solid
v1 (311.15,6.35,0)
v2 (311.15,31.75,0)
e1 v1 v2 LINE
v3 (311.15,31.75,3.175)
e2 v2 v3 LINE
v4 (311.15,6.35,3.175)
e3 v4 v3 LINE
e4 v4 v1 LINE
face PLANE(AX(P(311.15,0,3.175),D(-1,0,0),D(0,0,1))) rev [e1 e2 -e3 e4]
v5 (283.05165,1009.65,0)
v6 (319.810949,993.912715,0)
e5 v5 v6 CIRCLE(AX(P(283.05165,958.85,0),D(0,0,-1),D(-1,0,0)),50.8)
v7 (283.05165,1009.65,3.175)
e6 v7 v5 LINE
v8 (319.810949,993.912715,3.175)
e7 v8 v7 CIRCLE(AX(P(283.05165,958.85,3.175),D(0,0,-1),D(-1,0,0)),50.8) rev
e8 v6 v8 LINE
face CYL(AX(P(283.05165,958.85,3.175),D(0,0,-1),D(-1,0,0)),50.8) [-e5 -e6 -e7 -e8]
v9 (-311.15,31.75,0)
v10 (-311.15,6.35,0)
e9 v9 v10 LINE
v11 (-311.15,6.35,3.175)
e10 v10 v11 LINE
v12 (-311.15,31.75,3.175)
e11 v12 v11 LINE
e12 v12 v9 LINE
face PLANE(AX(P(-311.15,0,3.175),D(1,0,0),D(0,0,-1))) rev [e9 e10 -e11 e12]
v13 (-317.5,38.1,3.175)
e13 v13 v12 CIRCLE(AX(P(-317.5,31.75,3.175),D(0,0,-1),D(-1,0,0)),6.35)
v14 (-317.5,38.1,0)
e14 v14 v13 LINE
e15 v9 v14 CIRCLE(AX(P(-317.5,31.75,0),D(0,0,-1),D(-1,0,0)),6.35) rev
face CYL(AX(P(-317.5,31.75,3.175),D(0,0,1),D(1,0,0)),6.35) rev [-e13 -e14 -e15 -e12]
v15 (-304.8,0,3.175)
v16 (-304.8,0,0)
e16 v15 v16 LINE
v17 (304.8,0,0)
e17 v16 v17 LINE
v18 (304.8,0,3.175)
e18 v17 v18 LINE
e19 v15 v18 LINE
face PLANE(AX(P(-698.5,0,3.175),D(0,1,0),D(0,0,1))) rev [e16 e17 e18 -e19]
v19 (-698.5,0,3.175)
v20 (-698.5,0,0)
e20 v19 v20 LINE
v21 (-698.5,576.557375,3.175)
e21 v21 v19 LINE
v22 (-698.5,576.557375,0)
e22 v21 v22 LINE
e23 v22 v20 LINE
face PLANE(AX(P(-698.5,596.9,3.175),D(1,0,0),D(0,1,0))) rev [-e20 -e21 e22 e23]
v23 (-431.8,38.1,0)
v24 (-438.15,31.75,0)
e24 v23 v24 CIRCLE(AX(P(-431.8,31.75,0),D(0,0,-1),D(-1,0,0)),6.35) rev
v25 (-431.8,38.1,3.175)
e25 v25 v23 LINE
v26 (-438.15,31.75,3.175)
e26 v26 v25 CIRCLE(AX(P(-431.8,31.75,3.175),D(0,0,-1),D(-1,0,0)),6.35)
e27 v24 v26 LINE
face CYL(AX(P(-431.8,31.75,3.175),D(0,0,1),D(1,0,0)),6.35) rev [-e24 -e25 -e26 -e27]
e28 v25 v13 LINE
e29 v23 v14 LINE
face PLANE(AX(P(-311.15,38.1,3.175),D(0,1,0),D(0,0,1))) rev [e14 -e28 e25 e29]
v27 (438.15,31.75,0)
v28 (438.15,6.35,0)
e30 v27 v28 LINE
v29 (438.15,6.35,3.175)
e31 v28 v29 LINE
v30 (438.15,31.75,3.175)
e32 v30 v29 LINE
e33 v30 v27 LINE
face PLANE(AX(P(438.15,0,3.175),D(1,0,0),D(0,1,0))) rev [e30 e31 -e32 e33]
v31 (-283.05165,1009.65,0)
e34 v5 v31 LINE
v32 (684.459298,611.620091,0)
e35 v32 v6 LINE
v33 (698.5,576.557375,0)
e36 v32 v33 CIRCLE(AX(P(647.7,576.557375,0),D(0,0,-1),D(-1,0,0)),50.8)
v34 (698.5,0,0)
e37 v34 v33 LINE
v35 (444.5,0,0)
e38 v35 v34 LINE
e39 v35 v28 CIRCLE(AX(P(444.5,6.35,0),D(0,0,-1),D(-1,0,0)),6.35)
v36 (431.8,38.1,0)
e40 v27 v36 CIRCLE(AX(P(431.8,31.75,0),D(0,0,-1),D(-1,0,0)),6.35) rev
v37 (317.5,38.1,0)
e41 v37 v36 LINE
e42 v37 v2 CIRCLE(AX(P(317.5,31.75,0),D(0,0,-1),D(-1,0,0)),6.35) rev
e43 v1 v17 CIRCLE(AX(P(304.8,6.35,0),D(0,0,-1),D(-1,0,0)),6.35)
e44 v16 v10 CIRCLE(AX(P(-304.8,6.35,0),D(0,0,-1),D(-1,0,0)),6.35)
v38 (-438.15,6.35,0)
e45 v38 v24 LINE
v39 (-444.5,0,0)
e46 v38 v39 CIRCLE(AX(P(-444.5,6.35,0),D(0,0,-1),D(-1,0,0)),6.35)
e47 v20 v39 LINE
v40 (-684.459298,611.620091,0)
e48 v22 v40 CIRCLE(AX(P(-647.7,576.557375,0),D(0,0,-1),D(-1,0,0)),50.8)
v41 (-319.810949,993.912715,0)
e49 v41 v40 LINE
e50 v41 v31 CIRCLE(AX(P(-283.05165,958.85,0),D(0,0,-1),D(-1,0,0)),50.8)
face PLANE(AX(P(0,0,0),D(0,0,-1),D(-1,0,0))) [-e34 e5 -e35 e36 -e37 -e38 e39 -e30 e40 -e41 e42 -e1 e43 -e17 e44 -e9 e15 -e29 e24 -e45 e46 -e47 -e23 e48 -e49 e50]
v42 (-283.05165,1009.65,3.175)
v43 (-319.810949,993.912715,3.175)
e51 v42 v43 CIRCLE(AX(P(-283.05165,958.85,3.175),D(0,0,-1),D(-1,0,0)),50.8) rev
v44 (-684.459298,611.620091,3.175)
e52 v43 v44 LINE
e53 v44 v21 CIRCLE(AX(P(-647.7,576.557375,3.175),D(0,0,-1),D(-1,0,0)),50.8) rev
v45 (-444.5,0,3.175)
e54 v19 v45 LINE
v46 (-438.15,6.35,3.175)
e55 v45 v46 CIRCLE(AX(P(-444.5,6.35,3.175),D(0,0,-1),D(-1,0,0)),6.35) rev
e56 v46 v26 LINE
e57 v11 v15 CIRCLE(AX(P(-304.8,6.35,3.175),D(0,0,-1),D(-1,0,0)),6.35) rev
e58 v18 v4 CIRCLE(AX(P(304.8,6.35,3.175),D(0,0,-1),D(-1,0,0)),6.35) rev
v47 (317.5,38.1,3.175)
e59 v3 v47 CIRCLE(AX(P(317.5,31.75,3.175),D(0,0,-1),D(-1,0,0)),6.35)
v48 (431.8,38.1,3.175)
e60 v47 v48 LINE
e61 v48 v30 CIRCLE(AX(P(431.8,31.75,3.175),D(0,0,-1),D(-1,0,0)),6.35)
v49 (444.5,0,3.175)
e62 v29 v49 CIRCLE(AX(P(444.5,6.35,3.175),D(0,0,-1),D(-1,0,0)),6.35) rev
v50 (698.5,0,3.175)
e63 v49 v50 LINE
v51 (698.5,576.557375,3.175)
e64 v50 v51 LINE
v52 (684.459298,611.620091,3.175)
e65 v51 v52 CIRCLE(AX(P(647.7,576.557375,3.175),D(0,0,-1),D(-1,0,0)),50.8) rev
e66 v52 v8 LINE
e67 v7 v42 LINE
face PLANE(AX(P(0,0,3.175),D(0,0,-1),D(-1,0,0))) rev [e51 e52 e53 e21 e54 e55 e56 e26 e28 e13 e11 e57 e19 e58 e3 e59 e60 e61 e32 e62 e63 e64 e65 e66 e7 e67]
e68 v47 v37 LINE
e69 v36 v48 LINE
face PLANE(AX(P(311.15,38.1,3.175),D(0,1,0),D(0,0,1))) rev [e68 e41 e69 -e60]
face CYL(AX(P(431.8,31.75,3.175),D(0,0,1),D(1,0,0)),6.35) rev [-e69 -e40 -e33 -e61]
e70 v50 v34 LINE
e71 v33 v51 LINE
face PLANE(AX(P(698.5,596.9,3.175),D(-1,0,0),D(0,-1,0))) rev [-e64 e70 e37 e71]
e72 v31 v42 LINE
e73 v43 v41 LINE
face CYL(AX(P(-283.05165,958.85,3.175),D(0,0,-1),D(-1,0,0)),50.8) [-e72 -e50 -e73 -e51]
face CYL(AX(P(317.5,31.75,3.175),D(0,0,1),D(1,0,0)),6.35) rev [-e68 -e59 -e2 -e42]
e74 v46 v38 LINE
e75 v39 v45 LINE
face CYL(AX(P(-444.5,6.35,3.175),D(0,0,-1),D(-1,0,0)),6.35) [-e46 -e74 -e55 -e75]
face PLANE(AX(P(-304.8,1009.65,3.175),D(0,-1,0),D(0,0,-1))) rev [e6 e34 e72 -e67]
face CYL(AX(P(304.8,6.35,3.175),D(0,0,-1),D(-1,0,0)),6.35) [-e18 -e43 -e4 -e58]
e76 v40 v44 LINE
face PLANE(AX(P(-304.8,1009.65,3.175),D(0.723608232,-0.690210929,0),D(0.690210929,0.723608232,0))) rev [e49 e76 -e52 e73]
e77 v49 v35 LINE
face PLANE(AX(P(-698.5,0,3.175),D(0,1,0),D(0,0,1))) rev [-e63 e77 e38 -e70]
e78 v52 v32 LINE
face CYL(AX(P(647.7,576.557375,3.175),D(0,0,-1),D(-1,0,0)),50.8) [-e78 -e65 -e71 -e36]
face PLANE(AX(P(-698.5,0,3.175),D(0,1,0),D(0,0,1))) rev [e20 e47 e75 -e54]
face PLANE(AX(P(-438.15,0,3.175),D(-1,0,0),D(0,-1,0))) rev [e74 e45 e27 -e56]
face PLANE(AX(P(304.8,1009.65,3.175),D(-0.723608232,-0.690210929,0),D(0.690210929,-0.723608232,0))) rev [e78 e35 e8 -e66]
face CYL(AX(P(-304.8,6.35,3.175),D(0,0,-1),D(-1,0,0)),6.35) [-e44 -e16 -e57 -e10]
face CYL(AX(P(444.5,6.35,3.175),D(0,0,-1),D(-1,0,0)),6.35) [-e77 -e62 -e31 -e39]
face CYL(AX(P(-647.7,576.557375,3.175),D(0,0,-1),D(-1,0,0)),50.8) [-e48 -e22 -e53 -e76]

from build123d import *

# Parameters (mm, degrees)
BOSS_EXTRUDE1_DEPTH = 3.175
FILLET2_R           = 50.8
SKETCH2_W           = 127
SKETCH2_H           = 38.1
CUT_EXTRUDE1_DEPTH  = 4.175
FILLET3_R           = 6.35


with BuildPart() as part:
    # Sketch1 → Boss-Extrude1 (new body)
    with BuildSketch(Plane.XY):
        Polygon((-304.8, 1009.65), (304.8, 1009.65), (698.5, 596.9), (698.5, 0), (-698.5, 0), (-698.5, 596.9), align=None)
    extrude(amount=BOSS_EXTRUDE1_DEPTH)

    # Fillet2
    fillet2_edges = [part.edges().sort_by_distance(p)[0] for p in [
        (698.5, 596.9, 1.5875),
        (-698.5, 596.9, 1.5875),
        (-304.8, 1009.65, 1.5875),
        (304.8, 1009.65, 1.5875),
    ]]
    fillet(fillet2_edges, radius=FILLET2_R)

    # Sketch2 → Cut-Extrude1 (cut, through all)
    with BuildSketch(Plane(origin=(0, 0, 0), x_dir=(-1, 0, 0), z_dir=(0, 0, -1))):
        with Locations((374.65, 19.05)):
            Rectangle(SKETCH2_W, SKETCH2_H)
        with Locations((-374.65, 19.05)):
            Rectangle(SKETCH2_W, SKETCH2_H)
    extrude(amount=-CUT_EXTRUDE1_DEPTH, mode=Mode.SUBTRACT)

    # Fillet3
    fillet3_edges = [part.edges().sort_by_distance(p)[0] for p in [
        (-311.15, 0, 1.5875),
        (-311.15, 38.1, 1.5875),
        (-438.15, 38.1, 1.5875),
        (-438.15, 0, 1.5875),
        (311.15, 0, 1.5875),
        (438.15, 0, 1.5875),
        (438.15, 38.1, 1.5875),
        (311.15, 38.1, 1.5875),
    ]]
    fillet(fillet3_edges, radius=FILLET3_R)


solid = part.part
